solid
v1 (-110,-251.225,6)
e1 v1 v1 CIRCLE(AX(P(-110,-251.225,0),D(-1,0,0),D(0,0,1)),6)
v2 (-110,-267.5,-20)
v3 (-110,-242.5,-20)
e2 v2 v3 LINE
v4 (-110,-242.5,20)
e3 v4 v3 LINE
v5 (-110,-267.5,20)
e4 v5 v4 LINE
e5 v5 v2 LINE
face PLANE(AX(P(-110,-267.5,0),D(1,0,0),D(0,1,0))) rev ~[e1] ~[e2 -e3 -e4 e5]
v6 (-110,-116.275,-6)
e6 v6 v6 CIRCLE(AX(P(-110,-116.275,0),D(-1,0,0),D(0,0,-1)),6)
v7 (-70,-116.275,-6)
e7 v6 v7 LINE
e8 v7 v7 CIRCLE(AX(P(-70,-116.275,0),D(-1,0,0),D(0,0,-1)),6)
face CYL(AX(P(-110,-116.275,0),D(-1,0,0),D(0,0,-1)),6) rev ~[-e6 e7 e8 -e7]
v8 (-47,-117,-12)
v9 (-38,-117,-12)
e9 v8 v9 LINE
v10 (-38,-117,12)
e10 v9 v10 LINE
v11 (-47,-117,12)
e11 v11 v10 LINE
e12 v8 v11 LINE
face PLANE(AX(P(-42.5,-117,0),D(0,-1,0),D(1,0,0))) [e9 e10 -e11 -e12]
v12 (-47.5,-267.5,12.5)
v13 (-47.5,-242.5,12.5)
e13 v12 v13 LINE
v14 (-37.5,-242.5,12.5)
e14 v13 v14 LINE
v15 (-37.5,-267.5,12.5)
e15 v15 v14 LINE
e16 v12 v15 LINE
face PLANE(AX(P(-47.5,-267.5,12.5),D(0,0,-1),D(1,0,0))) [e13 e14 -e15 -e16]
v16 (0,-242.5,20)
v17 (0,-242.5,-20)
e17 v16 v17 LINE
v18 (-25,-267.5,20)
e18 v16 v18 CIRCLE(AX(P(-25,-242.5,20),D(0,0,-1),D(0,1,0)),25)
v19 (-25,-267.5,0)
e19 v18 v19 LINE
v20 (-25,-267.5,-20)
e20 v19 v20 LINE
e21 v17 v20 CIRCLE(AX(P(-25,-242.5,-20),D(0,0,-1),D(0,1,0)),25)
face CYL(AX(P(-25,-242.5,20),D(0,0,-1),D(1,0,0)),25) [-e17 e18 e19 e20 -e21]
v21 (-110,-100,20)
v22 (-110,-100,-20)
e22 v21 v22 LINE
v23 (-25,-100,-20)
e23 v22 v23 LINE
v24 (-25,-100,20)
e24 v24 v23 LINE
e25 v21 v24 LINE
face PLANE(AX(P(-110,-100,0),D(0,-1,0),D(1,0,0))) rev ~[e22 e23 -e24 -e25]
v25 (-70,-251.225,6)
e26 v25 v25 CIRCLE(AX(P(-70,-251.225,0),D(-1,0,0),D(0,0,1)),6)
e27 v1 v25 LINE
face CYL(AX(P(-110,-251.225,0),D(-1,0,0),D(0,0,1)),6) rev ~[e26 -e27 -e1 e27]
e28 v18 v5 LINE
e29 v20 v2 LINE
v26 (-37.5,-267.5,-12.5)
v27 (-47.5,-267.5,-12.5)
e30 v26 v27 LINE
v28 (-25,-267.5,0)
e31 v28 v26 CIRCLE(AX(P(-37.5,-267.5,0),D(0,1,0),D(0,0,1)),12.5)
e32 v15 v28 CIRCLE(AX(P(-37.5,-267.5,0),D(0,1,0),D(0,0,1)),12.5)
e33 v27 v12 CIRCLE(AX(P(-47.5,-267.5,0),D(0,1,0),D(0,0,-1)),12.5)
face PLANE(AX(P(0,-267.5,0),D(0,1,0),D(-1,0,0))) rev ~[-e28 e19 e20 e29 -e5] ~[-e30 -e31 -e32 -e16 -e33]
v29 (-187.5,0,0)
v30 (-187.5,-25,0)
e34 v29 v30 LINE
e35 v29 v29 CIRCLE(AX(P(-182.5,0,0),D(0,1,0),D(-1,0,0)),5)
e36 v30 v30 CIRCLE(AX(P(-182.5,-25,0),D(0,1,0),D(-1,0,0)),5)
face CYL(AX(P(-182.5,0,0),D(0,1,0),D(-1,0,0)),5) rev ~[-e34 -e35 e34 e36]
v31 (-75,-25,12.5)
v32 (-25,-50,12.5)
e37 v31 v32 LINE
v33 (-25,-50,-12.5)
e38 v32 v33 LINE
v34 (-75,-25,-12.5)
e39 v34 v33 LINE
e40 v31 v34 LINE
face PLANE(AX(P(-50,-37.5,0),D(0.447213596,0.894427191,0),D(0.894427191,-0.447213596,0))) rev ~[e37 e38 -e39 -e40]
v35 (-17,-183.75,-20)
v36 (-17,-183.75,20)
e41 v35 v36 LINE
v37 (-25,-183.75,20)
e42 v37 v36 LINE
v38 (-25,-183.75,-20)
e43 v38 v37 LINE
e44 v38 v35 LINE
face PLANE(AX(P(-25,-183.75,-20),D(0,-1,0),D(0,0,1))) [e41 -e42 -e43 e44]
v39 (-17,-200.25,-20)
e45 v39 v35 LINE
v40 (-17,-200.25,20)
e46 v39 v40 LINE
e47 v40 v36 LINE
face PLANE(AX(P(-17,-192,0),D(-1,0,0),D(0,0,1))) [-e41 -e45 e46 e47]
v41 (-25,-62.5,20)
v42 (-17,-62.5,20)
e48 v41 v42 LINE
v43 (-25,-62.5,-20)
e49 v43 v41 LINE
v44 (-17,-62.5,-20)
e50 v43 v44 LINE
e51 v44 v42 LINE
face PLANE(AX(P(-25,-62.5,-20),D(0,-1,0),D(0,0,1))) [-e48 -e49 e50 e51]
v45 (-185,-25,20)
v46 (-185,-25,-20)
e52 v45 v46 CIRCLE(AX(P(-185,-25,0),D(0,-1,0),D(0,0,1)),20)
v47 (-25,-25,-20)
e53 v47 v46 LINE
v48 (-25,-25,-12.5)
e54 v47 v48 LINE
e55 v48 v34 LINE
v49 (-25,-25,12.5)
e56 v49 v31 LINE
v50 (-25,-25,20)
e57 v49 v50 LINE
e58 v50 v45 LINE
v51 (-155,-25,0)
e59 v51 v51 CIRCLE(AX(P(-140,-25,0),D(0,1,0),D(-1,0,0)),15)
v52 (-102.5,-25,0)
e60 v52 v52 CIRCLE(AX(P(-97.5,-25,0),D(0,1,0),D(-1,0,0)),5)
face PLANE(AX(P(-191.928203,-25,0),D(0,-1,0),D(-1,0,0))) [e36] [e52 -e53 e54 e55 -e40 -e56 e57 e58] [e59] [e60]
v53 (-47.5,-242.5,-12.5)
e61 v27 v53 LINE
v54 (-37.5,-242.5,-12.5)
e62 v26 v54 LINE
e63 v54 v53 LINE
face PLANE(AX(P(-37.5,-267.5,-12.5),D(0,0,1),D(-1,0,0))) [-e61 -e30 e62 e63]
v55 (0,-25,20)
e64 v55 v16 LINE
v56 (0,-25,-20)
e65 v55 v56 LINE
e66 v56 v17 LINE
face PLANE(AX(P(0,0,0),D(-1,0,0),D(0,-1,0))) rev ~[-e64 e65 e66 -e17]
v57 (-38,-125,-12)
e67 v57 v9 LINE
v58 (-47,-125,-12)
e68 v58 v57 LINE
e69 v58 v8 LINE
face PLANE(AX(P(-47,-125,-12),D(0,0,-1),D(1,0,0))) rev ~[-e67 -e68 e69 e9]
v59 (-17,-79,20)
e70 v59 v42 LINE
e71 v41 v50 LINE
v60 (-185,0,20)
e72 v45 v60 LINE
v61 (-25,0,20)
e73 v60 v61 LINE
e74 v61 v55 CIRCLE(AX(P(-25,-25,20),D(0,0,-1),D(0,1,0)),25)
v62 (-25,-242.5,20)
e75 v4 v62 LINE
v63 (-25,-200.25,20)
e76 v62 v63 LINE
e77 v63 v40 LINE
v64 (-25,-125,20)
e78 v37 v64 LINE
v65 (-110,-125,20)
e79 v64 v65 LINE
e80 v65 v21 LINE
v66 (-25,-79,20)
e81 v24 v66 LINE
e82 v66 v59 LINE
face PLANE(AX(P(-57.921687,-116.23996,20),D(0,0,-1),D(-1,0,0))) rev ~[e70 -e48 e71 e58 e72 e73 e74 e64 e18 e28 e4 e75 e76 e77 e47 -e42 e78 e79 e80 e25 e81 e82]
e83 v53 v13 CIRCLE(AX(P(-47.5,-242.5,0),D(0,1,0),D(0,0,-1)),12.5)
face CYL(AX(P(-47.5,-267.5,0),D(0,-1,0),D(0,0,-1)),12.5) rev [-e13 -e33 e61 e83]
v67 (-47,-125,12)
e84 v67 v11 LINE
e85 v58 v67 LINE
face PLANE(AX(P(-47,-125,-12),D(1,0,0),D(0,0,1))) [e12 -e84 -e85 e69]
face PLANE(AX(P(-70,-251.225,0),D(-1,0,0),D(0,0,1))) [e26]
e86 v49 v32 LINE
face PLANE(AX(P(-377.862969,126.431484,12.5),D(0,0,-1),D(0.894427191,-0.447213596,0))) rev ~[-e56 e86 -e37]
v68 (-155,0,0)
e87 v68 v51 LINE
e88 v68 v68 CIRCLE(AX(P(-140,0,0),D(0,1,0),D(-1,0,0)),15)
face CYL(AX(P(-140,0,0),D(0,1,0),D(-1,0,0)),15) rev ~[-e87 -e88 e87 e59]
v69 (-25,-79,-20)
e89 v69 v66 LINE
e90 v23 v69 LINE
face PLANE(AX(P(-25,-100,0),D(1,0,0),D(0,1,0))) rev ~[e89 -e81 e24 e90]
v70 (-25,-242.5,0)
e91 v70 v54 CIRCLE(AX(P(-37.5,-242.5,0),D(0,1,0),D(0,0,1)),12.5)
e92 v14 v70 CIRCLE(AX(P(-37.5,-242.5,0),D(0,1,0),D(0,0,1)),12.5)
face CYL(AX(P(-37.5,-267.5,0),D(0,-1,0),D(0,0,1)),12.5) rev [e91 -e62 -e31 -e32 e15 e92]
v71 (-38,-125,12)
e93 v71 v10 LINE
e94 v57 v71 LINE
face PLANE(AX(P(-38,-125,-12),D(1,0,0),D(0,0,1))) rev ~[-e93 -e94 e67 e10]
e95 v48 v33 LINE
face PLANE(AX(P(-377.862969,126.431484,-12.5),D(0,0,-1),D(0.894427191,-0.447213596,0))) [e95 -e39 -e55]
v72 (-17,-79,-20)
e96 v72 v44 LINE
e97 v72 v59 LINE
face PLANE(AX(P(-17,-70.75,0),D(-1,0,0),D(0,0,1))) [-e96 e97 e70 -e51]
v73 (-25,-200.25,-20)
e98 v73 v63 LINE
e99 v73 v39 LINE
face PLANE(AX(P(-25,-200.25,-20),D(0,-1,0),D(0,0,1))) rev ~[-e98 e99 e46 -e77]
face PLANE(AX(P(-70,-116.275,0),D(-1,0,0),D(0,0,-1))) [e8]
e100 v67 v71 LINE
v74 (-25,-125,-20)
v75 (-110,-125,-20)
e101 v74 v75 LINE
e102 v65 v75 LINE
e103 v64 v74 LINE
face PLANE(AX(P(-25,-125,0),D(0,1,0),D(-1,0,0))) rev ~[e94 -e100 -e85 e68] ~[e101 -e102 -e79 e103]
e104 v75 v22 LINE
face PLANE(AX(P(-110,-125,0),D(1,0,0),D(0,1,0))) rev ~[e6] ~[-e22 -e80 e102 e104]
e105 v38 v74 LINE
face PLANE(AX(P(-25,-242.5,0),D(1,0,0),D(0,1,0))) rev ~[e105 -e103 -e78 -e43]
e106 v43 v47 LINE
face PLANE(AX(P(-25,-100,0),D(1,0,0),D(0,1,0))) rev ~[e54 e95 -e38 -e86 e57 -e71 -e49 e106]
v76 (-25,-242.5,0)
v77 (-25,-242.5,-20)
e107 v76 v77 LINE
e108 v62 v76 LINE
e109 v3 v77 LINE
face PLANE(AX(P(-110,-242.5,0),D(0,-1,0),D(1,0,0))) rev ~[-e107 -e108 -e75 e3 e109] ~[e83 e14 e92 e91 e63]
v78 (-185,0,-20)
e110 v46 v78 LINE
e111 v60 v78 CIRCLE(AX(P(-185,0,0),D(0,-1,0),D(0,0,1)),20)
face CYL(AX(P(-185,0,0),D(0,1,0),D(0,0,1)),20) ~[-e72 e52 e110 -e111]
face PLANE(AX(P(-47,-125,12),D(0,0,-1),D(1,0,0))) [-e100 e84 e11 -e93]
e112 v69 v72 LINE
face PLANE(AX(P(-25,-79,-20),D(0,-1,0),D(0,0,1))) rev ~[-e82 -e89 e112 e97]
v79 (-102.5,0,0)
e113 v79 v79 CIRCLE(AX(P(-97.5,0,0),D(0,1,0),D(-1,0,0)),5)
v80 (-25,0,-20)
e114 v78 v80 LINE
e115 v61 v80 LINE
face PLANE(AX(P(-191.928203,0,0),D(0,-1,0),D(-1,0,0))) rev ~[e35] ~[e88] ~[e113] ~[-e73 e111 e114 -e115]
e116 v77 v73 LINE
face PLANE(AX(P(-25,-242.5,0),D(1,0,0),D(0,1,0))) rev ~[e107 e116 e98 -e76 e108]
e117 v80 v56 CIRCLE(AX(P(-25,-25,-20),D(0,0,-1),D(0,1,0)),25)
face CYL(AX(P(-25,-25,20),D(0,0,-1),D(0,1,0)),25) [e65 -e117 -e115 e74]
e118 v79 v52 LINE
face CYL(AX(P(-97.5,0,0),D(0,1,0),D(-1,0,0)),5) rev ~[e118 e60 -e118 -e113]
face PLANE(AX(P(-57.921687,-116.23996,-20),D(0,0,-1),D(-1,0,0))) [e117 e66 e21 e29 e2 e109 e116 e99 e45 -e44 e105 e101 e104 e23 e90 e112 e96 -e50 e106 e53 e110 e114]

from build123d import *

# Parameters (mm, degrees)
BOSS_EXTRUDE1_DEPTH = 20
BOSS_EXTRUDE2_DEPTH = 25
SKETCH3_R           = 15
SKETCH3_R_2         = 5
CUT_EXTRUDE1_DEPTH  = 25
FILLET1_R           = 25
SKETCH4_R           = 6
CUT_EXTRUDE2_DEPTH  = 40
SKETCH5_W           = 40
SKETCH5_H           = 16.5
CUT_EXTRUDE3_DEPTH  = 8
RIB1_REACH          = 339.611
SKETCH6_WALL_W      = 733.123885092
SKETCH6_WALL_H      = 25
CUT_EXTRUDE4_DEPTH  = 25
SKETCH8_W           = 9
SKETCH8_H           = 24
CUT_EXTRUDE5_DEPTH  = 8


with BuildPart() as part:
    # Sketch1 → Boss-Extrude1 (new, symmetric)
    with BuildSketch(Plane.XY):
        Polygon((-185, 0), (0, 0), (0, -267.5), (-110, -267.5), (-110, -242.5), (-25, -242.5), (-25, -125), (-110, -125), (-110, -100), (-25, -100), (-25, -25), (-185, -25), align=None)
    extrude(amount=BOSS_EXTRUDE1_DEPTH, both=True)

    # Sketch2 → Boss-Extrude2 (add)
    with BuildSketch(Plane(origin=(0, 0, 0), x_dir=(1, 0, 0), z_dir=(0, 1, 0))):
        with BuildLine():
            Line((-185, 20), (-185, -20))
            ThreePointArc((-185, -20), (-205, 0), (-185, 20))
        make_face()
    extrude(amount=-BOSS_EXTRUDE2_DEPTH)

    # Sketch3 → Cut-Extrude1 (cut)
    with BuildSketch(Plane(origin=(0, 0, 0), x_dir=(1, 0, 0), z_dir=(0, 1, 0))):
        with Locations(Location((-140, 0, 0), (0, 0, 180))):
            Circle(SKETCH3_R)
        with Locations(Location((-182.5, 0, 0), (0, 0, 180))):
            Circle(SKETCH3_R_2)
        with Locations(Location((-97.5, 0, 0), (0, 0, 180))):
            Circle(SKETCH3_R_2)
    extrude(amount=-CUT_EXTRUDE1_DEPTH, mode=Mode.SUBTRACT)

    # Fillet1
    fillet1_edges = [part.edges().sort_by_distance(p)[0] for p in [
        (0, 0, 0),
        (0, -267.5, 0),
    ]]
    fillet(fillet1_edges, radius=FILLET1_R)

    # Sketch4 → Cut-Extrude2 (cut)
    with BuildSketch(Plane.ZY.offset(110)):
        with Locations((0, -251.225)):
            Circle(SKETCH4_R)
        with Locations(Location((0, -116.275, 0), (0, 0, 180))):
            Circle(SKETCH4_R)
    extrude(amount=-CUT_EXTRUDE2_DEPTH, mode=Mode.SUBTRACT)

    # Sketch5 → Cut-Extrude3 (cut)
    with BuildSketch(Plane.ZY.offset(25)):
        with Locations((0, -70.75)):
            Rectangle(SKETCH5_W, SKETCH5_H)
        with Locations((0, -192)):
            Rectangle(SKETCH5_W, SKETCH5_H)
    extrude(amount=-CUT_EXTRUDE3_DEPTH, mode=Mode.SUBTRACT)

    # Sketch6 wall → Rib1 (add, up to next)
    with BuildSketch(Plane(origin=(-50, -37.5, 0), x_dir=(0.894427191, -0.4472135955, 0), z_dir=(0.4472135955, 0.894427191, 0)), mode=Mode.PRIVATE) as rib1_sk1:
        Rectangle(SKETCH6_WALL_W, SKETCH6_WALL_H)
    rib1_tool1 = extrude(rib1_sk1.sketch, amount=RIB1_REACH, mode=Mode.PRIVATE) - part.part
    add(rib1_tool1.solids().sort_by_distance((-50, -37.5, 0))[0])

    # Sketch7 → Cut-Extrude4 (cut)
    with BuildSketch(Plane.XZ.offset(267.5)):
        with BuildLine():
            Line((-47.5, 12.5), (-37.5, 12.5))
            ThreePointArc((-37.5, 12.5), (-25, 0), (-37.5, -12.5))
            Line((-37.5, -12.5), (-47.5, -12.5))
            ThreePointArc((-47.5, -12.5), (-60, 0), (-47.5, 12.5))
        make_face()
    extrude(amount=-CUT_EXTRUDE4_DEPTH, mode=Mode.SUBTRACT)

    # Sketch8 → Cut-Extrude5 (cut)
    with BuildSketch(Plane.XZ.offset(125)):
        with Locations((-42.5, 0)):
            Rectangle(SKETCH8_W, SKETCH8_H)
    extrude(amount=-CUT_EXTRUDE5_DEPTH, mode=Mode.SUBTRACT)


solid = part.part
